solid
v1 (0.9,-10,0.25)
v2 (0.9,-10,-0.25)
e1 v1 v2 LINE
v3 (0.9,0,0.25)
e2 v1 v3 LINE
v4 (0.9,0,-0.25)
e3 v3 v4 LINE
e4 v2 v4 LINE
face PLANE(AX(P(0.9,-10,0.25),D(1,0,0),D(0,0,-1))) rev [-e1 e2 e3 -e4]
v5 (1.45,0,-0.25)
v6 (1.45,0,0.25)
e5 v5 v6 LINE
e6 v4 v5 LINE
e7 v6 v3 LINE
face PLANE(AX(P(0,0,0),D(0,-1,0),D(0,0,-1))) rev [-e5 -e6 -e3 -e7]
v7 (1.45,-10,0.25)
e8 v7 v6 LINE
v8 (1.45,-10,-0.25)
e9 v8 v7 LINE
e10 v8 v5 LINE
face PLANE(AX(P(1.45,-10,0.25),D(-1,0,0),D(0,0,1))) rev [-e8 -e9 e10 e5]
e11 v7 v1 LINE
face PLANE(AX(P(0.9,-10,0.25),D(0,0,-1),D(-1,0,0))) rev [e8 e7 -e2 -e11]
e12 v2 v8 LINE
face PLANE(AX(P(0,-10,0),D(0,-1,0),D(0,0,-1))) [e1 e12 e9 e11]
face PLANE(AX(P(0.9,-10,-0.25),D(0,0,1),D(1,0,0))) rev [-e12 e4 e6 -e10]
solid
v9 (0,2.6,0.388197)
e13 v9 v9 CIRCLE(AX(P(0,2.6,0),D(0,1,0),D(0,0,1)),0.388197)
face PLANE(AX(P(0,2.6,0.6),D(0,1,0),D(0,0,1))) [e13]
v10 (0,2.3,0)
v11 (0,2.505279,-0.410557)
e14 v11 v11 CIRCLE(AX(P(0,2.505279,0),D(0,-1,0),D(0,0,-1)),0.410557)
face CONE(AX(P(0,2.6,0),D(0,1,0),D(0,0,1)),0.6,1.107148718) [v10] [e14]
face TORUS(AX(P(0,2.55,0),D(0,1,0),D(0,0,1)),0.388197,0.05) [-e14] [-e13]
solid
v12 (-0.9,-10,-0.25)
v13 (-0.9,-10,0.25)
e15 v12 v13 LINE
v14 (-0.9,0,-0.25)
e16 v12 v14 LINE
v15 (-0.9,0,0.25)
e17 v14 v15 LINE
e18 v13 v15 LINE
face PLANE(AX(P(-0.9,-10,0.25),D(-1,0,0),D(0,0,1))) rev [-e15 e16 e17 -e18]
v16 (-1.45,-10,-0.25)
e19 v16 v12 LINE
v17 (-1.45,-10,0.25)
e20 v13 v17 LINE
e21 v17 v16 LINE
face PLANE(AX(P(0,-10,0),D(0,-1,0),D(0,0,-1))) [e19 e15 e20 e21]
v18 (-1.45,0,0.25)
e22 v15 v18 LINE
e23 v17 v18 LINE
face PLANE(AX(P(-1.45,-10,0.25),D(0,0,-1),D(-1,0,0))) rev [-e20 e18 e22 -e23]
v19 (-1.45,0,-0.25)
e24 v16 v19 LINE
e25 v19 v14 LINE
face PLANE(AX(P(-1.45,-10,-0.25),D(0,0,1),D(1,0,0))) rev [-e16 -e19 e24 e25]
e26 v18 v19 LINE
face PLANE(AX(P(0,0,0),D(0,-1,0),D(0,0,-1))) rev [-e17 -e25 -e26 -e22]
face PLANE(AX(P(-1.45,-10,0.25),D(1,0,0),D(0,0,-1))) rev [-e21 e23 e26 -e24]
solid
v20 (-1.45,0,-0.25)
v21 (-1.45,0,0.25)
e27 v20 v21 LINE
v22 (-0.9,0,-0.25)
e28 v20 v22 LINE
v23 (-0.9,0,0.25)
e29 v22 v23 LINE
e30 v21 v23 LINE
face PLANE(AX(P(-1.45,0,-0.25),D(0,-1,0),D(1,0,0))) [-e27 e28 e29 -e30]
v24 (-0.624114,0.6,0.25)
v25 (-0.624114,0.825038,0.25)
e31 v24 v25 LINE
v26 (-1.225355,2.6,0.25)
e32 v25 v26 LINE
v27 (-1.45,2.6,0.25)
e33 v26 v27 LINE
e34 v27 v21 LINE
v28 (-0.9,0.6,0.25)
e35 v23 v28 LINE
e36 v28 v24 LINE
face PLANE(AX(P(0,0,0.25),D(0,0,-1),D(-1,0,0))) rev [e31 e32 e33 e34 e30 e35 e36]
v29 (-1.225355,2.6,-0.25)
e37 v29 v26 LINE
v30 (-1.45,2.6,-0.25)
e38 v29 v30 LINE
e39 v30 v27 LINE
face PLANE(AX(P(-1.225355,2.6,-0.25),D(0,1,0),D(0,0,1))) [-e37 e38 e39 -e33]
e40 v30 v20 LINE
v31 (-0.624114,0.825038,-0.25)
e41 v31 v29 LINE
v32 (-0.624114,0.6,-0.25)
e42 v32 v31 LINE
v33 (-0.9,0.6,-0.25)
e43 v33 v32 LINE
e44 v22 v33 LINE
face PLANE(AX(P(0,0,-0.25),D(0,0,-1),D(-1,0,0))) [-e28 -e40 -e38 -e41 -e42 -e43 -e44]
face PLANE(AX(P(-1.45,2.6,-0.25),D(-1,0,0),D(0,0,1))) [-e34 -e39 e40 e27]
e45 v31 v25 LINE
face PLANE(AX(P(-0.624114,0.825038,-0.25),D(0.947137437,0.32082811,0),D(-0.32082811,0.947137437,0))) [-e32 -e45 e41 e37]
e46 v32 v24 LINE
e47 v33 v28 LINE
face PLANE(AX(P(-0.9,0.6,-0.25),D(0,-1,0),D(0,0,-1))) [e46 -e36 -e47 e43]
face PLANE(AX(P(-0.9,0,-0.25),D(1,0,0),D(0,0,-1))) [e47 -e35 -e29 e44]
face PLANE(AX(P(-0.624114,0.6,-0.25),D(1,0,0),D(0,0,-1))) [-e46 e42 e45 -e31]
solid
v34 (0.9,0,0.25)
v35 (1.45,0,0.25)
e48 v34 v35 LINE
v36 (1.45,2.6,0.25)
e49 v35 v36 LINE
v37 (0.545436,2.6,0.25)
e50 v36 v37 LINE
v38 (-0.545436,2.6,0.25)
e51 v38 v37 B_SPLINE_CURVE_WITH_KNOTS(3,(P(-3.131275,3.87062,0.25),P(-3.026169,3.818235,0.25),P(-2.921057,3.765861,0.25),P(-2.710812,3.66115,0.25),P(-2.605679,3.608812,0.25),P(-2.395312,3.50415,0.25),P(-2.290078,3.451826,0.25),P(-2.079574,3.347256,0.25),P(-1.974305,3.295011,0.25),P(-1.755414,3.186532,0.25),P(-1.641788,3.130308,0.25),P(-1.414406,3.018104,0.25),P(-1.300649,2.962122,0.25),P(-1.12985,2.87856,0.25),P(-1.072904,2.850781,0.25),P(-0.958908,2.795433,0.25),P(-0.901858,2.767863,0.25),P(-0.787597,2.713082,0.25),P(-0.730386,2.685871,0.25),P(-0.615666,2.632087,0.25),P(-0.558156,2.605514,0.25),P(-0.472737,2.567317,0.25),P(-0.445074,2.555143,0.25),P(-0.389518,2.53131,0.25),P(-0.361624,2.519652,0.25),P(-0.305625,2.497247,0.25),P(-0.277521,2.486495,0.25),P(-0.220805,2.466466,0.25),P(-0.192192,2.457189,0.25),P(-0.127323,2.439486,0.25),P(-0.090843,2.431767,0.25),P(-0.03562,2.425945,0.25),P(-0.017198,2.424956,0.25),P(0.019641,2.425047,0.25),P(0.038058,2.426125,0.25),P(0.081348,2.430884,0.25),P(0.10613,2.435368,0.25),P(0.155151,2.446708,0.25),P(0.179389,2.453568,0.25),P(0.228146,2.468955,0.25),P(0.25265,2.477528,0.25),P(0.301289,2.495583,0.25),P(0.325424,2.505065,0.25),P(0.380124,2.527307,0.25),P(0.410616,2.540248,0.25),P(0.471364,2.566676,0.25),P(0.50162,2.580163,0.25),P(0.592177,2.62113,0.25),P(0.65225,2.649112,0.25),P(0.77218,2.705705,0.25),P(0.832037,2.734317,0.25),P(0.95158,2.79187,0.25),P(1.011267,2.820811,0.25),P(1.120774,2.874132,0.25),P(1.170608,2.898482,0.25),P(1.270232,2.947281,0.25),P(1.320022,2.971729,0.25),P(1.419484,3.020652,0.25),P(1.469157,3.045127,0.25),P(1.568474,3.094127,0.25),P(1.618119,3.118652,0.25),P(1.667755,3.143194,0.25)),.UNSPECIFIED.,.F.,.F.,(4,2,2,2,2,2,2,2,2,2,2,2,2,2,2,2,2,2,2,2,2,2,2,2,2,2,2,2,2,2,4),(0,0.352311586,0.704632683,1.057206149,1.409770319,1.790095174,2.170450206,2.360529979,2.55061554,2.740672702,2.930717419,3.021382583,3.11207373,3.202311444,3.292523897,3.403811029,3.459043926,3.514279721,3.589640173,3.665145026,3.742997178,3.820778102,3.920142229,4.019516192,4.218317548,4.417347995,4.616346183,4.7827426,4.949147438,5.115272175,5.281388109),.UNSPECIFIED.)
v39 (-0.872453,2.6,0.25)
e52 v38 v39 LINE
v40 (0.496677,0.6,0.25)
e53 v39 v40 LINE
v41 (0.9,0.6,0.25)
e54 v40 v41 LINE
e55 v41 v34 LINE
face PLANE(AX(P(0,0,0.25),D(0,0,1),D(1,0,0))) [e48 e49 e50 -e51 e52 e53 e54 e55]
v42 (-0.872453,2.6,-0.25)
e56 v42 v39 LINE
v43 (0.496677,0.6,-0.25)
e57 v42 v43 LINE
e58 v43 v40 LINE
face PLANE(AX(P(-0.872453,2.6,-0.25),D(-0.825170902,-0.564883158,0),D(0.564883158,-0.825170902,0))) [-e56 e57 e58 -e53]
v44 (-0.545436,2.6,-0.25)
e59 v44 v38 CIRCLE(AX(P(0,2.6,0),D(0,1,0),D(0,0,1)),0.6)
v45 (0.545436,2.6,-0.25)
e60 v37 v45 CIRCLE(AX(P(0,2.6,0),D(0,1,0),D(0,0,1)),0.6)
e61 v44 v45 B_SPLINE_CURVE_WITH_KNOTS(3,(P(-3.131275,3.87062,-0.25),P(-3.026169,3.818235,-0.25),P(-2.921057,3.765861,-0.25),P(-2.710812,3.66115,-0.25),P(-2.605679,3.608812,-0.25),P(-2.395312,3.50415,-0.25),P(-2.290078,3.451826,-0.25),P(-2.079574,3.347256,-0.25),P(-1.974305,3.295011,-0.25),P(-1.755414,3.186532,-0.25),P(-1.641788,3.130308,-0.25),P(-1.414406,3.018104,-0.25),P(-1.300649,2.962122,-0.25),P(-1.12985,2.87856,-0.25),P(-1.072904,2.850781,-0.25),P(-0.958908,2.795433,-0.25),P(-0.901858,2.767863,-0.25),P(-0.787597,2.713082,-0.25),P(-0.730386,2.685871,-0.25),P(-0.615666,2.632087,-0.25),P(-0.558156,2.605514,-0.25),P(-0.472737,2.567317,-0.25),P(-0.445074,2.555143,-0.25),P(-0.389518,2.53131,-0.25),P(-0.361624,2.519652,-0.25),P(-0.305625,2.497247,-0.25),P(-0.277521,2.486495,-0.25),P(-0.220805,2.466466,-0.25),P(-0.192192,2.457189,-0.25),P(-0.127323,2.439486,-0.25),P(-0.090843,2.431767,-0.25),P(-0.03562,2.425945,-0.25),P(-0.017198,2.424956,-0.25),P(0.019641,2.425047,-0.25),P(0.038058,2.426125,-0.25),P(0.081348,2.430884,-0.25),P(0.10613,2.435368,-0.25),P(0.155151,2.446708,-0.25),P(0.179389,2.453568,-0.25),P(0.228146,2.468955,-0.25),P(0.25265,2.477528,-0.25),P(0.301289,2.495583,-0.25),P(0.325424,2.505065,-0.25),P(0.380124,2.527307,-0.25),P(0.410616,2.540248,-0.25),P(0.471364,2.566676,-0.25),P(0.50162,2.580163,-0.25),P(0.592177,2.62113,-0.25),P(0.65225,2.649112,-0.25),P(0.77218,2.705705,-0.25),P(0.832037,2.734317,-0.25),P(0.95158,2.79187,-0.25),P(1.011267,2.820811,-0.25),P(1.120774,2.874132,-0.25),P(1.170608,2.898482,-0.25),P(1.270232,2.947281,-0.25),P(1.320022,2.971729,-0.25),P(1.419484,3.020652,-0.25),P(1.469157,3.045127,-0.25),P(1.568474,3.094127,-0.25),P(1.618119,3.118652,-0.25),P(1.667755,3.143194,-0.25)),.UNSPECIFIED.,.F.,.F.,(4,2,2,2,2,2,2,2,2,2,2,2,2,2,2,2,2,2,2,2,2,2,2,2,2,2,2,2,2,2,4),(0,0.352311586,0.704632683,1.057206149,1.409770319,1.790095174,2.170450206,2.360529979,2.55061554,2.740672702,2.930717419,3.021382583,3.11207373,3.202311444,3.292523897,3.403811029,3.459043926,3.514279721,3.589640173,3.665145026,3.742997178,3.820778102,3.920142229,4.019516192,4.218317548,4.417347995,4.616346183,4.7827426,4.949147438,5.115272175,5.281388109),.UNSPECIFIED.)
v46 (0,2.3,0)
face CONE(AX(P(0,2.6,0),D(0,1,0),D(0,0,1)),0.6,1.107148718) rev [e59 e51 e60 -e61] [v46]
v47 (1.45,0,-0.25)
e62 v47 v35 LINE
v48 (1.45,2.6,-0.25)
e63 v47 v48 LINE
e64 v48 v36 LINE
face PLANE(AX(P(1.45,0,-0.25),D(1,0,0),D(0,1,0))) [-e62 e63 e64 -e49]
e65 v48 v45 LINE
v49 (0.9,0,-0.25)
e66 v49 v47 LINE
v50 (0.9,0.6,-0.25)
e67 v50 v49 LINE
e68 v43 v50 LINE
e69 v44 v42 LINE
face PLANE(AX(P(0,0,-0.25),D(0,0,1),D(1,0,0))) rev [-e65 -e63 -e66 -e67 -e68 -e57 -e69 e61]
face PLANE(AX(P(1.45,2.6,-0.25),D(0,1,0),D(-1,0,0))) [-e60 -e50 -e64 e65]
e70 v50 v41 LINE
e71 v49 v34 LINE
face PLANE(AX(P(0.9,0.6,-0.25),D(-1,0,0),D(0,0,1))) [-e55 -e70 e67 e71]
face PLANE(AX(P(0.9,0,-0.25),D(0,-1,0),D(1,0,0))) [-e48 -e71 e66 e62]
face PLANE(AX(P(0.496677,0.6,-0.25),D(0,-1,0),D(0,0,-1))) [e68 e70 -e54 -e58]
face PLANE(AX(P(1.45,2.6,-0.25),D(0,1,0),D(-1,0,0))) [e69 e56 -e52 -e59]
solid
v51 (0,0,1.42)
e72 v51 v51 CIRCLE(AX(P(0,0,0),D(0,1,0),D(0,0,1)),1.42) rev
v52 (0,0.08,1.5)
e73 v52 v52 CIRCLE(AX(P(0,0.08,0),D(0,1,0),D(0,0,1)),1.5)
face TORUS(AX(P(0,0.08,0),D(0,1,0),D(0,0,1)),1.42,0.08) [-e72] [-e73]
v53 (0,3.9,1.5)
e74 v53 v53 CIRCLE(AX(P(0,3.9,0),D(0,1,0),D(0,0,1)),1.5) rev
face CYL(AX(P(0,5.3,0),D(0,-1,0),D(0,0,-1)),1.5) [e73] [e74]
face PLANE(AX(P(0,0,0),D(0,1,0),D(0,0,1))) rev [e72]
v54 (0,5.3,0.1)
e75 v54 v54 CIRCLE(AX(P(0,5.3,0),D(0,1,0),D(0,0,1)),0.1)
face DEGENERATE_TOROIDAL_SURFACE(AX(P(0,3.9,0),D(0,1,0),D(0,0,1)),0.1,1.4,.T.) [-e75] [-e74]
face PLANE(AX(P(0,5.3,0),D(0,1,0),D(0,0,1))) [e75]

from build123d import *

# Parameters (mm, degrees)
SKETCH2_R                  = 1.5
BOSS_EXTRUDE1_DEPTH        = 5.3
FILLET1_R                  = 1.4
BOSS_EXTRUDE2_DEPTH        = 0.25
BOSS_EXTRUDE2_DEPTH_BACK   = 0.25
BOSS_EXTRUDE2_2_DEPTH      = 0.25
BOSS_EXTRUDE2_2_DEPTH_BACK = 0.25
SKETCH4_W                  = 0.55
SKETCH4_H                  = 0.5
BOSS_EXTRUDE3_DEPTH        = 10
BOSS_EXTRUDE3_2_DEPTH      = 10
FILLET2_R                  = 0.05
FILLET3_R                  = 0.08


with BuildPart() as part:
    # Sketch2 → Boss-Extrude1 (new body)
    with BuildSketch(Plane(origin=(0, 0, 0), x_dir=(1, 0, 0), z_dir=(0, 1, 0))):
        Circle(SKETCH2_R)
    extrude(amount=BOSS_EXTRUDE1_DEPTH)

    # Fillet1
    fillet1_edges = [part.edges().sort_by_distance(p)[0] for p in [
        (-1.5, 5.3, 0),
    ]]
    fillet(fillet1_edges, radius=FILLET1_R)

    # Fillet3
    fillet3_edges = [part.edges().sort_by_distance(p)[0] for p in [
        (-1.5, 0, 0),
    ]]
    fillet(fillet3_edges, radius=FILLET3_R)


with BuildPart() as body_2:
    # Sketch3 → Boss-Extrude2 (new, two sides: drawn at the far end of the back side and taken through both)
    with BuildSketch(Plane.XY.offset(-BOSS_EXTRUDE2_DEPTH_BACK)):
        Polygon((-1.45, 2.6), (-1.45, 0), (-0.9, 0), (-0.9, 0.6), (-0.624114196, 0.6), (-0.624114196, 0.82503781), (-1.225355096, 2.6), align=None)
    extrude(amount=BOSS_EXTRUDE2_DEPTH + BOSS_EXTRUDE2_DEPTH_BACK)


with BuildPart() as body_3:
    # Sketch3 → Boss-Extrude2 2 (new, two sides: drawn at the far end of the back side and taken through both)
    with BuildSketch(Plane.XY.offset(-BOSS_EXTRUDE2_2_DEPTH_BACK)):
        Polygon((1.45, 2.6), (-0.872452828, 2.6), (0.496677266, 0.6), (0.9, 0.6), (0.9, 0), (1.45, 0), align=None)
    extrude(amount=BOSS_EXTRUDE2_2_DEPTH + BOSS_EXTRUDE2_2_DEPTH_BACK)

    # Sketch5 → Cut-Revolve1 (revolve, cut)
    with BuildSketch(Plane(origin=(0, 0, 0), x_dir=(0, 0, -1), z_dir=(1, 0, 0))):
        Polygon((0, 2.6), (0, 2.3), (-0.6, 2.6), align=None)
    revolve(axis=Axis((0, 2.6, 0), (0, -1, 0)), mode=Mode.SUBTRACT)


with BuildPart() as body_4:
    # Sketch4 → Boss-Extrude3 (new body)
    with BuildSketch(Plane(origin=(0, 0, 0), x_dir=(-1, 0, 0), z_dir=(0, -1, 0))):
        with Locations((1.175, 0)):
            Rectangle(SKETCH4_W, SKETCH4_H)
    extrude(amount=BOSS_EXTRUDE3_DEPTH)


with BuildPart() as body_5:
    # Sketch4 → Boss-Extrude3 2 (new body)
    with BuildSketch(Plane(origin=(0, 0, 0), x_dir=(-1, 0, 0), z_dir=(0, -1, 0))):
        with Locations((-1.175, 0)):
            Rectangle(SKETCH4_W, SKETCH4_H)
    extrude(amount=BOSS_EXTRUDE3_2_DEPTH)


with BuildPart() as body_6:
    # Sketch5<3> → Revolve1 (revolve)
    with BuildSketch(Plane(origin=(0, 0, 0), x_dir=(0, 0, -1), z_dir=(1, 0, 0))):
        Polygon((0, 2.6), (0, 2.3), (-0.6, 2.6), align=None)
    revolve(axis=Axis((0, 2.6, 0), (0, -1, 0)))

    # Fillet2
    fillet2_edges = [body_6.edges().sort_by_distance(p)[0] for p in [
        (0, 2.6, -0.6),
    ]]
    fillet(fillet2_edges, radius=FILLET2_R)


solid = Compound([part.part, body_2.part, body_3.part, body_4.part, body_5.part, body_6.part])
